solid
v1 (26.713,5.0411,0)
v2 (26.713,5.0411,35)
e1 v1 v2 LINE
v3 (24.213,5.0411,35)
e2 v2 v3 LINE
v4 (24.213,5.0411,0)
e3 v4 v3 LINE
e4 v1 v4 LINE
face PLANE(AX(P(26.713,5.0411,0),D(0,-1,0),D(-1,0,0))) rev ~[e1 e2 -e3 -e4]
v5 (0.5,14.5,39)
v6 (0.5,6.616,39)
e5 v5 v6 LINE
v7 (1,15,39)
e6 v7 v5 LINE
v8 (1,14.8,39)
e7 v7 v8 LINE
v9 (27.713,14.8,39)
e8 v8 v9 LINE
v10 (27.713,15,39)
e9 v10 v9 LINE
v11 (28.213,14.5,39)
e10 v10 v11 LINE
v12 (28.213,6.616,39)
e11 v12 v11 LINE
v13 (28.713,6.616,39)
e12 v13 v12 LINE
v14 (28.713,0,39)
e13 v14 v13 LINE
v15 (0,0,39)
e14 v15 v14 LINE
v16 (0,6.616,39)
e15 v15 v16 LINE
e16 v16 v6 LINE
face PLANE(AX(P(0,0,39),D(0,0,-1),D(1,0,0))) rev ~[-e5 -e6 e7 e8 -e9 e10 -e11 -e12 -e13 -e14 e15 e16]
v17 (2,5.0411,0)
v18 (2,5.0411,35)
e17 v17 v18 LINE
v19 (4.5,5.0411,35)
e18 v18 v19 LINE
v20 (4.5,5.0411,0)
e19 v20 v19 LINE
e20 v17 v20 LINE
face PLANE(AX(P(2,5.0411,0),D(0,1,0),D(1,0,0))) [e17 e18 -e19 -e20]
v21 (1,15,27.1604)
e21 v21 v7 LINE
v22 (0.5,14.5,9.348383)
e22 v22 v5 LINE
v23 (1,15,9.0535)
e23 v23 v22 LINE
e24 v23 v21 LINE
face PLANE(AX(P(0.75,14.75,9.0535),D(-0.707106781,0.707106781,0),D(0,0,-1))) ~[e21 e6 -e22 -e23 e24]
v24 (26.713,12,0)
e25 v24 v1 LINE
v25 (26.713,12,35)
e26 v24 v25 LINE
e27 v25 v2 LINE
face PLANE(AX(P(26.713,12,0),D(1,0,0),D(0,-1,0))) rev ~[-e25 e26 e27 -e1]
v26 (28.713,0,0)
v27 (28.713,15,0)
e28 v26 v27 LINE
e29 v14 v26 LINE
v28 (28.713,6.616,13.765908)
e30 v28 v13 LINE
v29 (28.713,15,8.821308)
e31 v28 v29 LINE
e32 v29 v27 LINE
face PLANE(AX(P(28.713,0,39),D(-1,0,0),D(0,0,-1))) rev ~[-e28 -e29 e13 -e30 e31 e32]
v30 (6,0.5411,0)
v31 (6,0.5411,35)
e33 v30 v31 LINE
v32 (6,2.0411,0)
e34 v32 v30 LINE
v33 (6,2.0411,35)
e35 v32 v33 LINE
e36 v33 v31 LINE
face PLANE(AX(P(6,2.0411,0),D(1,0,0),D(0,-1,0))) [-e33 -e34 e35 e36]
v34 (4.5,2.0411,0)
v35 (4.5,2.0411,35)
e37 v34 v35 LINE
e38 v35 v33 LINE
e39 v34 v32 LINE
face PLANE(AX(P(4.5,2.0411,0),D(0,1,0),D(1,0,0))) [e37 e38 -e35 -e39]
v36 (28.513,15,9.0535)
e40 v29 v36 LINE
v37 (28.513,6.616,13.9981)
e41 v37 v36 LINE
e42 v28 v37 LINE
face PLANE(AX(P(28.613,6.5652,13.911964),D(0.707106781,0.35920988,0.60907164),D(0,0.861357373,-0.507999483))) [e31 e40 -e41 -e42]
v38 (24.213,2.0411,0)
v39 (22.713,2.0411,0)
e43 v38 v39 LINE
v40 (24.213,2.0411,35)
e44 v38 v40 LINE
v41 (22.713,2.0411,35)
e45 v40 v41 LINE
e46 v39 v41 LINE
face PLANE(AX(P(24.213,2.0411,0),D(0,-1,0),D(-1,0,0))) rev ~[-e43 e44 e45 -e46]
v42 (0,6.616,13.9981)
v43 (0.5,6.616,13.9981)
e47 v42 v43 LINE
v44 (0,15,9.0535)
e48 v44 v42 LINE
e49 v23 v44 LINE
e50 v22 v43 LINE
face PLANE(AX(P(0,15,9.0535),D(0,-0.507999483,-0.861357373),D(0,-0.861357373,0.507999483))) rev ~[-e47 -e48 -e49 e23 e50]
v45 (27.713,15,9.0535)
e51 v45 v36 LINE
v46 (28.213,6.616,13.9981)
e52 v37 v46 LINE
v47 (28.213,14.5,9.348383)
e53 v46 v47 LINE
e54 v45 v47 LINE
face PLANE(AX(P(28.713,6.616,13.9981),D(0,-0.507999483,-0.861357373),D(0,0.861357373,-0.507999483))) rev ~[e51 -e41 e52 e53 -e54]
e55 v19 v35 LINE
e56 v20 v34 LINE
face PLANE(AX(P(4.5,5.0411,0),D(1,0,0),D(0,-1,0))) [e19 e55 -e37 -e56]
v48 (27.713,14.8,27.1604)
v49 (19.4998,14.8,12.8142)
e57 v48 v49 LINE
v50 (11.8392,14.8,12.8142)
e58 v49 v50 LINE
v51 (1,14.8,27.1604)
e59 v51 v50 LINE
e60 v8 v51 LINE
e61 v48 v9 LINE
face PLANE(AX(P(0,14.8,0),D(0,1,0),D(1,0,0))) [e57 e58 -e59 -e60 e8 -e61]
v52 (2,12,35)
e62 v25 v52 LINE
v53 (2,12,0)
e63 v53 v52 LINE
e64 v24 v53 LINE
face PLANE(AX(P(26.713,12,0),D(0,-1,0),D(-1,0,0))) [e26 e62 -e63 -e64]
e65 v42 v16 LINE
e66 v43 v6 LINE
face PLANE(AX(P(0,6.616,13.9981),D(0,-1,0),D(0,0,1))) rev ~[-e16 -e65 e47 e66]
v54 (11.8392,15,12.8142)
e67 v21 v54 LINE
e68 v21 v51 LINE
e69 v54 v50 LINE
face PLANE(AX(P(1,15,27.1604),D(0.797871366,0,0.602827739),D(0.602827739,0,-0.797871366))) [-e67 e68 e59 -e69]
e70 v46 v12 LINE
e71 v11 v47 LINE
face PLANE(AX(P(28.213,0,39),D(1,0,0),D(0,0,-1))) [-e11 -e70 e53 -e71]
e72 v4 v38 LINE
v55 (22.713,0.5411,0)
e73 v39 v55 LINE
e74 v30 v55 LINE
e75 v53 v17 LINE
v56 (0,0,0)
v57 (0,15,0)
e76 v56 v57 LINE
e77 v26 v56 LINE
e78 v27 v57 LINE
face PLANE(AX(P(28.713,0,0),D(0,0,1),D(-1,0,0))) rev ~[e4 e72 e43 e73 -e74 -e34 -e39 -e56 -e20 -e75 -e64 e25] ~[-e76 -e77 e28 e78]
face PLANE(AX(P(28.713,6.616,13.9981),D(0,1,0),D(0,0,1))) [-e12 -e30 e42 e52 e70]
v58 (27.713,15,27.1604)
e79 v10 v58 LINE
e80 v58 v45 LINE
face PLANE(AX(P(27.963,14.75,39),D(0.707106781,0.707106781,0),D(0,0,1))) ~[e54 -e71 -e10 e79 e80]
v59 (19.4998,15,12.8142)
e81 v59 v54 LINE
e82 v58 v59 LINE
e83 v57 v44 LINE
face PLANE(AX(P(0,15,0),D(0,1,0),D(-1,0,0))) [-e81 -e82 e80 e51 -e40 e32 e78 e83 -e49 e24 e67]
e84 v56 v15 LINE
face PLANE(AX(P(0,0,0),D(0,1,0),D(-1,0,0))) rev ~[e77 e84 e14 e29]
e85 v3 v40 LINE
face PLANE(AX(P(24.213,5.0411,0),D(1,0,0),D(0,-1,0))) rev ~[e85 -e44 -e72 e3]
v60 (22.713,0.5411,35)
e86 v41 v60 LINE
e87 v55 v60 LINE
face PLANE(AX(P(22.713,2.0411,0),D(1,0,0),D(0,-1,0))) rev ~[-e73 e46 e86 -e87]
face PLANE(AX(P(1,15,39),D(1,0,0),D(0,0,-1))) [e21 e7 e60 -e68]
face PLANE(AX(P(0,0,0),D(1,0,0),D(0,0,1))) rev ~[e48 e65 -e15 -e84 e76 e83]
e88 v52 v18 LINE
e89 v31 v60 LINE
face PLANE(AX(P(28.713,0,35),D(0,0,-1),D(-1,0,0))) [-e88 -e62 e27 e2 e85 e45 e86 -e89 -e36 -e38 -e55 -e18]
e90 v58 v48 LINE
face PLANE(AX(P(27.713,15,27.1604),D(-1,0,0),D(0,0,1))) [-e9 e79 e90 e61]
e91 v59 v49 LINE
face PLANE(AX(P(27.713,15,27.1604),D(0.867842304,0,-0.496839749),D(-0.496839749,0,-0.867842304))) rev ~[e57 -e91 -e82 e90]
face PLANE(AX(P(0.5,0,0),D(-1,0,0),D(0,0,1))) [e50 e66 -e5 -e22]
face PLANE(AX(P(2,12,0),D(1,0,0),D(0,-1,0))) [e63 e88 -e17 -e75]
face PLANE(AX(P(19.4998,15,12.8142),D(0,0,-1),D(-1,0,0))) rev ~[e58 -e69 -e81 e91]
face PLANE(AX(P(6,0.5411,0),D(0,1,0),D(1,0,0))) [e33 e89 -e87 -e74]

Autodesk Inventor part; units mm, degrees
ref_plane "YZ Plane" through (0, 0, 0) normal (1, 0, 0) x (0, 1, 0)
ref_plane "XZ Plane" through (0, 0, 0) normal (0, 1, 0) x (-1, 0, 0)
ref_plane "XY Plane" through (0, 0, 0) normal (0, 0, 1) x (1, 0, 0)
sketch "Sketch1" plane through (0, 0, 0) normal (0, 1, 0) x (-1, 0, 0)
  line L0 (0, 0) -> (0, 39)
  line L1 (0, 39) -> (-28.713, 39)
  line L2 (-28.713, 39) -> (-28.713, 0)
  line L3 (-28.713, 0) -> (0, 0)
  dimension "d0" = 39
  dimension "d1" = 28.713
extrude "Extrusion1" add sketch "Sketch1" along normal blind 15
sketch "Sketch2" plane through (28.713, 0, 0) normal (0, 0, -1) x (-1, 0, 0)
  line L0 (28.713, 0) -> (28.713, 15) projected
  line L1 (0, 0) -> (28.713, 0) projected
  line L2 (2, 12) -> (26.713, 12)
  line L3 (2, 5.0411) -> (4.5, 5.0411)
  line L4 (4.5, 5.0411) -> (4.5, 2.0411)
  line L5 (4.5, 2.0411) -> (6, 2.0411)
  line L6 (6, 2.0411) -> (6, 0.5411)
  line L7 (6, 0.5411) -> (19.8539, 0.5411)
  line L8 (26.713, 5.0411) -> (24.213, 5.0411)
  line L9 (24.213, 5.0411) -> (24.213, 2.0411)
  line L10 (24.213, 2.0411) -> (22.713, 2.0411)
  line L11 (22.713, 2.0411) -> (22.713, 0.5411)
  line L12 (22.713, 0.5411) -> (19.8539, 0.5411)
  line L13 (2, 12) -> (2, 5.0411)
  line L14 (26.713, 12) -> (26.713, 5.0411)
  point P0 (0, 15)
  dimension "d7" = 2.5
  dimension "d8" = 3
  dimension "d9" = 1.5
  dimension "d10" = 1.5
  dimension "d11" = 2.5
  dimension "d12" = 3
  dimension "d13" = 1.5
  dimension "d14" = 1.5
extrude "Extrusion2" cut sketch "Sketch2" against normal blind 35
sketch "Sketch3" plane through (28.713, 0, 39) normal (1, 0, 0) x (0, 0, -1)
  line L0 (25.0019, 6.616) -> (0, 6.616)
  line L1 (0, 0) -> (0, 15) projected
  line L2 (25.0019, 6.616) -> (29.9465, 15)
  line L3 (0, 15) -> (39, 15) projected
  line L4 (29.9465, 15) -> (0, 15)
  line L5 (0, 6.616) -> (0, 15)
  point P0 (39, 0)
extrude "Extrusion3" cut sketch "Sketch3" against normal blind 0.5
chamfer "Chamfer1" distance 0.2 angle 45 1 edges at (28.713, 10.808, 11.5258)
sketch "Sketch4" plane through (0, 0, 0) normal (-1, 0, 0) x (0, 0, 1)
  line L0 (13.9981, 6.616) -> (39, 6.616) projected
  line L1 (39, 6.616) -> (13.9981, 6.616)
  line L2 (9.0535, 15) -> (13.9981, 6.616) projected
  line L3 (13.9981, 6.616) -> (9.0535, 15)
  line L4 (0, 15) -> (39, 15) projected
  line L5 (9.0535, 15) -> (39, 15)
  line L6 (39, 15) -> (39, 6.616)
  line L7 (39, 0) -> (39, 15) projected
  point P0 (0, 0)
extrude "Extrusion4" cut sketch "Sketch4" against normal blind 0.5
chamfer "Chamfer2" distance 0.5 angle 45 2 edges at (0.5, 15, 24.0267) (28.213, 15, 24.0267)
sketch "Sketch5" plane through (0, 15, 0) normal (0, 1, 0) x (1, 0, 0)
  line L0 (27.713, -9.0535) -> (27.713, -39) projected
  line L1 (27.713, -27.1604) -> (19.4998, -12.8142)
  line L2 (19.4998, -12.8142) -> (11.8392, -12.8142)
  line L3 (27.713, -39) -> (28.213, -39) projected
  line L4 (27.713, -27.1604) -> (27.713, -39)
  line L5 (1, -39) -> (27.713, -39) projected
  line L6 (27.713, -39) -> (1, -39)
  line L7 (1, -39) -> (1, -27.1604)
  line L8 (1, -39) -> (1, -9.0535) projected
  line L9 (1, -27.1604) -> (11.8392, -12.8142)
  point P0 (0, 0)
extrude "Extrusion5" cut sketch "Sketch5" against normal blind 0.2
properties part number "Port 1"
